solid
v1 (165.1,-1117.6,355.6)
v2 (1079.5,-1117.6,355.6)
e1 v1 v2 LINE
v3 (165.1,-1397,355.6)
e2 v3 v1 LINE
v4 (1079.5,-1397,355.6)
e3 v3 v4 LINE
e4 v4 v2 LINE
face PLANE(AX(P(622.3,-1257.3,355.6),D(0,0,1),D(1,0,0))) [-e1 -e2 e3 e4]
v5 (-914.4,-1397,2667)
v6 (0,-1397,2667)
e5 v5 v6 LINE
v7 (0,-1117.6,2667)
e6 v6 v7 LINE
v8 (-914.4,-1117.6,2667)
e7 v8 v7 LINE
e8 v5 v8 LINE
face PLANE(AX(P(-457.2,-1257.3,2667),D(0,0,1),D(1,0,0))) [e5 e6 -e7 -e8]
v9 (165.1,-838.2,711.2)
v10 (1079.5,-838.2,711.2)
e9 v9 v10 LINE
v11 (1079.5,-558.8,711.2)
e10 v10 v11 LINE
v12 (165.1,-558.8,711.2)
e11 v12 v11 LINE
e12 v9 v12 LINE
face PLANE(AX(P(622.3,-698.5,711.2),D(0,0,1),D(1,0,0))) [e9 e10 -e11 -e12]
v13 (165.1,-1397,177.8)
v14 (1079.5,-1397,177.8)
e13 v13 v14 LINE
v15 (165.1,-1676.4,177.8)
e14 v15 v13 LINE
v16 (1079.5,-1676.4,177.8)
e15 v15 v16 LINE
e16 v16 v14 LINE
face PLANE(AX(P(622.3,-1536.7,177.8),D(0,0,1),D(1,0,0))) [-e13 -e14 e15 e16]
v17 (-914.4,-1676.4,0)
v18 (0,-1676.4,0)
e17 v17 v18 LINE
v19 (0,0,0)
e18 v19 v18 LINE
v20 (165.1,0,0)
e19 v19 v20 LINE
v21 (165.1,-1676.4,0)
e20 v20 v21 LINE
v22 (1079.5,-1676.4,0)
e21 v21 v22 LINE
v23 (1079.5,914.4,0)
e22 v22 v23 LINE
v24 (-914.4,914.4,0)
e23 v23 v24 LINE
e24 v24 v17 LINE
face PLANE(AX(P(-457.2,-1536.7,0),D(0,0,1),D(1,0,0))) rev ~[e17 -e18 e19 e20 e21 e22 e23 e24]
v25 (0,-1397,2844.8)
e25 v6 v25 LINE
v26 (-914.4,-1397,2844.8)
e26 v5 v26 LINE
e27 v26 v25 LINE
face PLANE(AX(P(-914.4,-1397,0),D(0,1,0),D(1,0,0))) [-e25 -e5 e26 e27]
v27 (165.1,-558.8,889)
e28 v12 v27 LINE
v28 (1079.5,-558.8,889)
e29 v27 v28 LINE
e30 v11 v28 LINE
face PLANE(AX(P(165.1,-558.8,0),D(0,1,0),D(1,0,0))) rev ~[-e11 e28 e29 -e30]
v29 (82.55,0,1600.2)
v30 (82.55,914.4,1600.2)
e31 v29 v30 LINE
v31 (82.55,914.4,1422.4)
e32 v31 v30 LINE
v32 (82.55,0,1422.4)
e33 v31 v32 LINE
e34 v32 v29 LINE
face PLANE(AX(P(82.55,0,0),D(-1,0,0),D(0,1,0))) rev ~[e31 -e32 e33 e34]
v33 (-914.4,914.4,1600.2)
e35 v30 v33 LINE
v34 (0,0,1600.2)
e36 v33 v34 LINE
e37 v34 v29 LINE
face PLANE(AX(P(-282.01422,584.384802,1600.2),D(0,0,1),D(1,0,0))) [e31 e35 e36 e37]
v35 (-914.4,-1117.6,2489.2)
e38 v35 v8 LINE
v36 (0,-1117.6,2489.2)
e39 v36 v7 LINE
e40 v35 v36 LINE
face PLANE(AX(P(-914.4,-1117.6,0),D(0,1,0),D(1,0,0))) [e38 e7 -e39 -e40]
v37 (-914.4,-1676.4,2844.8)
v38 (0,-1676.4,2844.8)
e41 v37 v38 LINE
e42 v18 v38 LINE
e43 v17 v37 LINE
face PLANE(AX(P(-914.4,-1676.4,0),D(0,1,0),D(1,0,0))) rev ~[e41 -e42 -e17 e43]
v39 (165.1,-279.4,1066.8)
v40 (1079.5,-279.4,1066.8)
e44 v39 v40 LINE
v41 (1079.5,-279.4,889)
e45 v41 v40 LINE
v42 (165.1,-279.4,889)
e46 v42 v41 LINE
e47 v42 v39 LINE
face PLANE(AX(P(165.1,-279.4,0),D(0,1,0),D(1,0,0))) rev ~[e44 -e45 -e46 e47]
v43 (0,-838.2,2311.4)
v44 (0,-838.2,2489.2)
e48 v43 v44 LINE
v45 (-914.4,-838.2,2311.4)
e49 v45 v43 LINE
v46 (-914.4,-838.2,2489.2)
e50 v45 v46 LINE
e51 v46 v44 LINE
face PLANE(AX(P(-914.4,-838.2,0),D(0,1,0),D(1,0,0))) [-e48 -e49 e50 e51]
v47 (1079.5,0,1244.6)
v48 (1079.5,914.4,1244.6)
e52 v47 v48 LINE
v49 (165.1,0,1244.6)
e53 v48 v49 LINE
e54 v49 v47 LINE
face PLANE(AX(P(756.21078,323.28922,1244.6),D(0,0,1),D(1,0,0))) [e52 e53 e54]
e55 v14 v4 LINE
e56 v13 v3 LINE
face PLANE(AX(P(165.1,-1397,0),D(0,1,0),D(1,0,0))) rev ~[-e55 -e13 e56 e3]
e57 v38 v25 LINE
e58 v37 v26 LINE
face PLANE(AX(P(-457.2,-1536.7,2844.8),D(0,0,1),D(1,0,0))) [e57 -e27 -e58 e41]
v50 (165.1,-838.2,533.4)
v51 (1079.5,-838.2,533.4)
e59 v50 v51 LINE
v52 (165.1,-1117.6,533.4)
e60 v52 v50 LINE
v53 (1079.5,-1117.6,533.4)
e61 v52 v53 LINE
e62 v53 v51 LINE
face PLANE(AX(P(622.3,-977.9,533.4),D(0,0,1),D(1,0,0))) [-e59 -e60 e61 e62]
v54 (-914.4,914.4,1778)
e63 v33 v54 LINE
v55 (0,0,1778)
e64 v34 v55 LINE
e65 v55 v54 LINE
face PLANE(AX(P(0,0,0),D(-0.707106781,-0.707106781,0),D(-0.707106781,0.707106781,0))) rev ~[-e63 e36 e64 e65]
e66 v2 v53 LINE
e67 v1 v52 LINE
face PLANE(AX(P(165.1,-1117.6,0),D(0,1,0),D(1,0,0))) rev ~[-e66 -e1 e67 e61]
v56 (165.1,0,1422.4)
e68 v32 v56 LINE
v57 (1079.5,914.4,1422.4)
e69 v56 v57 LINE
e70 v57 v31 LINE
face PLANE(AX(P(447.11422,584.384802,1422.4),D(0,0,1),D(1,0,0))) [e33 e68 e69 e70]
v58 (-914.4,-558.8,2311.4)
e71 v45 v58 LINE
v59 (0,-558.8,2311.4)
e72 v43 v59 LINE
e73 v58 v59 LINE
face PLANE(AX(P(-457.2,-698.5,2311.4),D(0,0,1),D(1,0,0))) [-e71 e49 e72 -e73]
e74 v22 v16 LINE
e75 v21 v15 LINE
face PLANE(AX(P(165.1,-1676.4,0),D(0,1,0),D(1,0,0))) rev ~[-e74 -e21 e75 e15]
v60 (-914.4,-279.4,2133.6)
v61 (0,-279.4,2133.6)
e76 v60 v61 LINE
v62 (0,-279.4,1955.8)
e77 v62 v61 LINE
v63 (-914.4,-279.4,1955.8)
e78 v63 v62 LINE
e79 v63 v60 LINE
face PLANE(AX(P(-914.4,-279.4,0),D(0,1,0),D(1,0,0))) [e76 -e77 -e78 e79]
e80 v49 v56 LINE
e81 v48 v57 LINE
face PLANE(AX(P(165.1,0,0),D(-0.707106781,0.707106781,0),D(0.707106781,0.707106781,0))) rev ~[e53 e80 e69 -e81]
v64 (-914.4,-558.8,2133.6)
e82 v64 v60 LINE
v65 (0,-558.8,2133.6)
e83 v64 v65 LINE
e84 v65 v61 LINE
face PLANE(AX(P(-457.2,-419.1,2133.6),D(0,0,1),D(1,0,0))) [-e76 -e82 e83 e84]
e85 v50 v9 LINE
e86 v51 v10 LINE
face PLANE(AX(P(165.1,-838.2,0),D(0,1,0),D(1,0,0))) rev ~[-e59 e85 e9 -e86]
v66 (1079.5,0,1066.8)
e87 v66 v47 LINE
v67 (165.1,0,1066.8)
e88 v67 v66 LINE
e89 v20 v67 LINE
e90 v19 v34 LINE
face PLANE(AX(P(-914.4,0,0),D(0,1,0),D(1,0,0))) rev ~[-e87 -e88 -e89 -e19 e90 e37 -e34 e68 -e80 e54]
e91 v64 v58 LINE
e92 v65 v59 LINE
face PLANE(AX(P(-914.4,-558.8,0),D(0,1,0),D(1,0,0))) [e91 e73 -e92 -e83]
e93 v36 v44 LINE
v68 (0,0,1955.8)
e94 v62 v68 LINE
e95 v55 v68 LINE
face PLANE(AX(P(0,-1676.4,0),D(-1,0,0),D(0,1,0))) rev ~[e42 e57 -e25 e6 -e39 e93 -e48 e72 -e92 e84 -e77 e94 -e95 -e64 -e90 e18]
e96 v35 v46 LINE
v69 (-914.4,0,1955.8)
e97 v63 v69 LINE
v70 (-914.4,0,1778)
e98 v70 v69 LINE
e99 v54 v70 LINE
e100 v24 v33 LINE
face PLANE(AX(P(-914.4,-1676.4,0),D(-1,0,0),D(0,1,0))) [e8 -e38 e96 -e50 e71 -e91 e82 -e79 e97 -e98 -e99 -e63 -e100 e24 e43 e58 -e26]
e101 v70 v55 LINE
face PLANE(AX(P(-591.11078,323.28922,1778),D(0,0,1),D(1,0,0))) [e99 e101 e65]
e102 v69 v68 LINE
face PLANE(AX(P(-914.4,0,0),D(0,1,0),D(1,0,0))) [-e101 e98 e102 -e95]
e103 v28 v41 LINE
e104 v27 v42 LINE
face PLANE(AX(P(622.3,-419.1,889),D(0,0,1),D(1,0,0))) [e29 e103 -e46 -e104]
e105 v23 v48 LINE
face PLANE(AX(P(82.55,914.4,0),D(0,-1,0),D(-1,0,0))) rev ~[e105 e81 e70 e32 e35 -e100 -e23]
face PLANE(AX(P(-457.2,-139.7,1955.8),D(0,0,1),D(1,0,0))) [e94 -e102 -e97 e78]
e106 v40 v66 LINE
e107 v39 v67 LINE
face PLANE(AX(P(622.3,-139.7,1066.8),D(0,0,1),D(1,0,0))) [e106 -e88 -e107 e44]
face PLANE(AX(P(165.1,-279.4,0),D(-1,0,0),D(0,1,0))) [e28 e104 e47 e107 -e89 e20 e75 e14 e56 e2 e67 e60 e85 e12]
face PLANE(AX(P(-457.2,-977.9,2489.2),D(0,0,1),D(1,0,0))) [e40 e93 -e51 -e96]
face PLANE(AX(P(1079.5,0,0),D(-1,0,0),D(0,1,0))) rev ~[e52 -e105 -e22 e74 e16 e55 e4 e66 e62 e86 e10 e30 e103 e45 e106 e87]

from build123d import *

# Parameters (mm, degrees)
F0_W      = 914.4
F0_H      = 279.4
F1_DEPTH  = 177.8
F2_DEPTH  = 355.6
F3_DEPTH  = 533.4
F4_DEPTH  = 711.2
F5_DEPTH  = 889
F6_DEPTH  = 1066.8
F7_DEPTH  = 1244.6
F8_DEPTH  = 1422.4
F9_DEPTH  = 1600.2
F10_DEPTH = 1778
F11_DEPTH = 1955.8
F12_DEPTH = 2133.6
F13_DEPTH = 2311.4
F14_DEPTH = 2489.2
F15_DEPTH = 2667
F16_DEPTH = 2844.8


with BuildPart() as f1:
    # F0 (on Top) → F1 (new body)
    with BuildSketch(Plane.XY):
        with Locations((622.3, -1536.7)):
            Rectangle(F0_W, F0_H)
    extrude(amount=F1_DEPTH)

    # F0 (on Top) → F2 (join)
    with BuildSketch(Plane.XY):
        with Locations((622.3, -1257.3)):
            Rectangle(F0_W, F0_H)
    extrude(amount=F2_DEPTH)

    # F0 (on Top) → F3 (join)
    with BuildSketch(Plane.XY):
        with Locations((622.3, -977.9)):
            Rectangle(F0_W, F0_H)
    extrude(amount=F3_DEPTH)

    # F0 (on Top) → F4 (join)
    with BuildSketch(Plane.XY):
        with Locations((622.3, -698.5)):
            Rectangle(F0_W, F0_H)
    extrude(amount=F4_DEPTH)

    # F0 (on Top) → F5 (join)
    with BuildSketch(Plane.XY):
        with Locations((622.3, -419.1)):
            Rectangle(F0_W, F0_H)
    extrude(amount=F5_DEPTH)

    # F0 (on Top) → F6 (join)
    with BuildSketch(Plane.XY):
        with Locations((622.3, -139.7)):
            Rectangle(F0_W, F0_H)
    extrude(amount=F6_DEPTH)

    # F0 (on Top) → F7 (join)
    with BuildSketch(Plane.XY):
        Polygon((1079.5, 914.4), (165.1, 0), (1079.5, 0), align=None)
    extrude(amount=F7_DEPTH)

    # F0 (on Top) → F8 (join)
    with BuildSketch(Plane.XY):
        Polygon((82.55, 914.4), (82.55, 0), (165.1, 0), (1079.5, 914.4), align=None)
    extrude(amount=F8_DEPTH)

    # F0 (on Top) → F9 (join)
    with BuildSketch(Plane.XY):
        Polygon((-914.4, 914.4), (0, 0), (82.55, 0), (82.55, 914.4), align=None)
    extrude(amount=F9_DEPTH)

    # F0 (on Top) → F10 (join)
    with BuildSketch(Plane.XY):
        Polygon((-914.4, 0), (0, 0), (-914.4, 914.4), align=None)
    extrude(amount=F10_DEPTH)

    # F0 (on Top) → F11 (join)
    with BuildSketch(Plane.XY):
        with Locations((-457.2, -139.7)):
            Rectangle(F0_W, F0_H)
    extrude(amount=F11_DEPTH)

    # F0 (on Top) → F12 (join)
    with BuildSketch(Plane.XY):
        with Locations((-457.2, -419.1)):
            Rectangle(F0_W, F0_H)
    extrude(amount=F12_DEPTH)

    # F0 (on Top) → F13 (join)
    with BuildSketch(Plane.XY):
        with Locations((-457.2, -698.5)):
            Rectangle(F0_W, F0_H)
    extrude(amount=F13_DEPTH)

    # F0 (on Top) → F14 (join)
    with BuildSketch(Plane.XY):
        with Locations((-457.2, -977.9)):
            Rectangle(F0_W, F0_H)
    extrude(amount=F14_DEPTH)

    # F0 (on Top) → F15 (join)
    with BuildSketch(Plane.XY):
        with Locations((-457.2, -1257.3)):
            Rectangle(F0_W, F0_H)
    extrude(amount=F15_DEPTH)

    # F0 (on Top) → F16 (join)
    with BuildSketch(Plane.XY):
        with Locations((-457.2, -1536.7)):
            Rectangle(F0_W, F0_H)
    extrude(amount=F16_DEPTH)


solid = f1.part
